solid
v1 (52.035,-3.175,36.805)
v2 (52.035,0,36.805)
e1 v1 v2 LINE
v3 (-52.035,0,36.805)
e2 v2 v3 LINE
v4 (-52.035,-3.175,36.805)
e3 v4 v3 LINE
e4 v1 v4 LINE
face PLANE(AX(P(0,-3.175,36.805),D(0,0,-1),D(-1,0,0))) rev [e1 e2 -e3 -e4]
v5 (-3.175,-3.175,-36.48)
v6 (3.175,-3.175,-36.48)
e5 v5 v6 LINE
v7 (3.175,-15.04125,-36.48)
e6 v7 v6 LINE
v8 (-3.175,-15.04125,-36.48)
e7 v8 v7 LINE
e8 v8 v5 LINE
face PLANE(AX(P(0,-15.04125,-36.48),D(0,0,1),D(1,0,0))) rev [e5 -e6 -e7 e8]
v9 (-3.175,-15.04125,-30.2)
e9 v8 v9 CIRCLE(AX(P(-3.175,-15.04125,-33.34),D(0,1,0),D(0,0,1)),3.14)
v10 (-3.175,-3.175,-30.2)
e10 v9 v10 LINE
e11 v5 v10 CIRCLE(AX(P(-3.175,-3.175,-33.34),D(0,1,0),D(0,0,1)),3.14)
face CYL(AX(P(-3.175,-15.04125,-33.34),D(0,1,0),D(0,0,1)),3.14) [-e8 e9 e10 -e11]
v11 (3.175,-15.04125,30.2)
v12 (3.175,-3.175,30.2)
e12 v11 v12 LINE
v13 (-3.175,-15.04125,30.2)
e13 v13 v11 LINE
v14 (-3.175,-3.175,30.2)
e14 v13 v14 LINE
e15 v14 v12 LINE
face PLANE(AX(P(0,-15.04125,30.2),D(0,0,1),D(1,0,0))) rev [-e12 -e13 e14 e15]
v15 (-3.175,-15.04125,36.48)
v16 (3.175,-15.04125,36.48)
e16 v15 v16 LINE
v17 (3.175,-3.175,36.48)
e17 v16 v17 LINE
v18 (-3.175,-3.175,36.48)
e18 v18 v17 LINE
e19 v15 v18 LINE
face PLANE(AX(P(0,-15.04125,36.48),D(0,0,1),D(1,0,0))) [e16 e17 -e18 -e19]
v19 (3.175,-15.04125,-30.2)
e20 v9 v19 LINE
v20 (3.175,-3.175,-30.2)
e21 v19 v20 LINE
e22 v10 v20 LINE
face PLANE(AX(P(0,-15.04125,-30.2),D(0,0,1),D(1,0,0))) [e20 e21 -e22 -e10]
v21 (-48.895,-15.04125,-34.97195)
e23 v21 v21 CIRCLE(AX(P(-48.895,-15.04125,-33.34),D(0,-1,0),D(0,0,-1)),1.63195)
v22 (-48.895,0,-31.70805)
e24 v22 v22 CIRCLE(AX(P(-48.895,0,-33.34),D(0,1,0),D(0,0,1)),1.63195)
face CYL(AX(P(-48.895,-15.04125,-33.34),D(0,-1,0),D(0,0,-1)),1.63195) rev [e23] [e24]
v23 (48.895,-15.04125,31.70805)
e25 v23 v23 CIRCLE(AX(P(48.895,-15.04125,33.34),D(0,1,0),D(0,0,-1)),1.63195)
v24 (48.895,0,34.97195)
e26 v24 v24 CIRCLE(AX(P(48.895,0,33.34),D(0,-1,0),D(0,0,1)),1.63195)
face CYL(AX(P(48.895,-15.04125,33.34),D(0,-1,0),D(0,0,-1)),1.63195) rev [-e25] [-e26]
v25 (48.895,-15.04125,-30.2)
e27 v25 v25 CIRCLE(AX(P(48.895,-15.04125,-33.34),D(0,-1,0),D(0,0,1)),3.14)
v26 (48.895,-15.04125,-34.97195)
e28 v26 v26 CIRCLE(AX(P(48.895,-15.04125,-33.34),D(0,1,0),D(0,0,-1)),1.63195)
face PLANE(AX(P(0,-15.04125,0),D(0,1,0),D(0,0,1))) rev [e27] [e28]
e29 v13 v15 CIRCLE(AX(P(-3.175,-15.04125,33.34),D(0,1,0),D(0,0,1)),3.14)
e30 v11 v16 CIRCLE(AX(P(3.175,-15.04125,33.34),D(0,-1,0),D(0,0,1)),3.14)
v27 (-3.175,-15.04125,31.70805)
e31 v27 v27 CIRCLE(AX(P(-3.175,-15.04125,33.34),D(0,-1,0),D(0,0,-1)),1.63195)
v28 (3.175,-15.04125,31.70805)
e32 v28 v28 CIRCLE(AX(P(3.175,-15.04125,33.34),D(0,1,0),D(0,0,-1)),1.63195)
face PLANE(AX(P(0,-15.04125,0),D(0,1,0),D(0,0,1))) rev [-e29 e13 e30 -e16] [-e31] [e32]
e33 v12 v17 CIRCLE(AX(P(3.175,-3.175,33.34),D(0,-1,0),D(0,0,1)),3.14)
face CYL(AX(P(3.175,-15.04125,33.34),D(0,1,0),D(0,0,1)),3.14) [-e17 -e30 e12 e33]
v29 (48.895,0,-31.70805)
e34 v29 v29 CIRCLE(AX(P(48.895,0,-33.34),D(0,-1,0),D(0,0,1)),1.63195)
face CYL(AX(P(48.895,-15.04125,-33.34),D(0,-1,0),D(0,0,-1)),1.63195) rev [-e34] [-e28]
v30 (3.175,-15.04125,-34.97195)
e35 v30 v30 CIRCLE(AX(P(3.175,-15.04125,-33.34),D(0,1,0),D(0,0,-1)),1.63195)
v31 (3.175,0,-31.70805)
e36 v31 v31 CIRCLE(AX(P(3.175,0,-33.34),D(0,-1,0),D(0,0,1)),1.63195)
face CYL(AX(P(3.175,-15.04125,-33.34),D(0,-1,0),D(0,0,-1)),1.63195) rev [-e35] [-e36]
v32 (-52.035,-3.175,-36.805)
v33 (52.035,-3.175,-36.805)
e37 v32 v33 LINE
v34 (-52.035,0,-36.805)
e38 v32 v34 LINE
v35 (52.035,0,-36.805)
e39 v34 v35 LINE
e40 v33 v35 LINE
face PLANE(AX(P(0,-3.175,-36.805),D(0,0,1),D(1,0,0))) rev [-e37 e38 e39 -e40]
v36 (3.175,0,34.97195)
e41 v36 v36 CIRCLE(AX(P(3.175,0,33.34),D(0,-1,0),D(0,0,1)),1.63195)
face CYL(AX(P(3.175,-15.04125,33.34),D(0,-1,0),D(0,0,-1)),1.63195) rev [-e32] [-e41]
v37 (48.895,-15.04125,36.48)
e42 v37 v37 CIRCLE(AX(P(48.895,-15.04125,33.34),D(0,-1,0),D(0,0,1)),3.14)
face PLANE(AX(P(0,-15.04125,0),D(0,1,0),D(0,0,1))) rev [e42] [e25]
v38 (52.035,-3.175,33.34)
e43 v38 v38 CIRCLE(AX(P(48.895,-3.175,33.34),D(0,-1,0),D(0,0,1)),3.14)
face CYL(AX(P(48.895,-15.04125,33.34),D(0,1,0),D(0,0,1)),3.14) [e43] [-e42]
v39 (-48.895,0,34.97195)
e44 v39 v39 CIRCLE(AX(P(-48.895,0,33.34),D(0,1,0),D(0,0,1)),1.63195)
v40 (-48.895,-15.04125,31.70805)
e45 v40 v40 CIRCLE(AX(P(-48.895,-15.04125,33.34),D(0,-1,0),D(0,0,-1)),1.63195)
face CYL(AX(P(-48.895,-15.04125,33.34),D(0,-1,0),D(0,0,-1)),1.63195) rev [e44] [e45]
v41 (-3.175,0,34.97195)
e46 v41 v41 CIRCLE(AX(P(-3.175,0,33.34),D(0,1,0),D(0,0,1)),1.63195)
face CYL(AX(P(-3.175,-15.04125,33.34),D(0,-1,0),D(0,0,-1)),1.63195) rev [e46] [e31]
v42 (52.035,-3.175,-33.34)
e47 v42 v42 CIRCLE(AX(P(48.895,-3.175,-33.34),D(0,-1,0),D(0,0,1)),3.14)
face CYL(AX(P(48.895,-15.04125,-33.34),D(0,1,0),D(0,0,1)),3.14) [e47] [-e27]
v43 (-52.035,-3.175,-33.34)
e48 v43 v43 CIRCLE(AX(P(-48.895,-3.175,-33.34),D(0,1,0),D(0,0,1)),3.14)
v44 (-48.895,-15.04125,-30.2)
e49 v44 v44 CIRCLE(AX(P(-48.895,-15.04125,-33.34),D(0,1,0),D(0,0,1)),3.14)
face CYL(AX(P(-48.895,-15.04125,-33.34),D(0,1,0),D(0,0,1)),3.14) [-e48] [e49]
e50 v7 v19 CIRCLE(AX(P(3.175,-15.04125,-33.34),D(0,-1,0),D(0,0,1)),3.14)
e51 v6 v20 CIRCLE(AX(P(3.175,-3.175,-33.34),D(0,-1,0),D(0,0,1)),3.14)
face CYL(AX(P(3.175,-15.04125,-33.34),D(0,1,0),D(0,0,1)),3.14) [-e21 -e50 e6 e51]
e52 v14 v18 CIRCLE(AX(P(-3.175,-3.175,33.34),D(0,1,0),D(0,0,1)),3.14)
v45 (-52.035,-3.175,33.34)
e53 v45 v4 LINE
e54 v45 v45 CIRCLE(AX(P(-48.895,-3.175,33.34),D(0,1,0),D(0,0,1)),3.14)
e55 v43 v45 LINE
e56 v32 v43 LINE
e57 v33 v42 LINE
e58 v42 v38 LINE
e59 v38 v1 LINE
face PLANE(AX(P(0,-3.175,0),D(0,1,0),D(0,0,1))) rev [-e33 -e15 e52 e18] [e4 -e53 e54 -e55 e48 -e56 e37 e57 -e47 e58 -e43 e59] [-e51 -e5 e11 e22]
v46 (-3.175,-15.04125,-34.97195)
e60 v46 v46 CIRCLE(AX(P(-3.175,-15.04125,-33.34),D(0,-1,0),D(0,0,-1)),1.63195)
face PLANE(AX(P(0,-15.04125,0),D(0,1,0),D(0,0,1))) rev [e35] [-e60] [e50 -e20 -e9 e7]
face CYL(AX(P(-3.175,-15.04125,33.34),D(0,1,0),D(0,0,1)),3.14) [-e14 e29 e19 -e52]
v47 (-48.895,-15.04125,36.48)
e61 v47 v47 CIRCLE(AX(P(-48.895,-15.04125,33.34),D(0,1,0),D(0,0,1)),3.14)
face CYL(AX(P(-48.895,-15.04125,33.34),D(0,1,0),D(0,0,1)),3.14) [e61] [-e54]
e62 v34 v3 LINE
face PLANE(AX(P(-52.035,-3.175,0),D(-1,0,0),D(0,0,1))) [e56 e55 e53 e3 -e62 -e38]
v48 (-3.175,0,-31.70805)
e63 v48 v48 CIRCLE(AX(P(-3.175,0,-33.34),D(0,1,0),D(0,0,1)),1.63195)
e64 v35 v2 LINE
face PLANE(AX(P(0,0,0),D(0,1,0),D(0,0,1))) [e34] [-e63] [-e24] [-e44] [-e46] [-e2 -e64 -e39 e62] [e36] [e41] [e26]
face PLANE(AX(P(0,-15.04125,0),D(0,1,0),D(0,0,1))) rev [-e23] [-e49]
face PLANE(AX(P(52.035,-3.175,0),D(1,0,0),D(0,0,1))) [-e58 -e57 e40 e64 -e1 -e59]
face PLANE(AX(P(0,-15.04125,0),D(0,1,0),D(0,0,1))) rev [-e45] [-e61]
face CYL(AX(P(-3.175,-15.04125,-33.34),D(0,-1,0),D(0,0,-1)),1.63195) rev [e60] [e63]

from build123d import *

# Parameters (mm, degrees)
BOSS_EXTRUDE1_DEPTH       = 3.175
SKETCH2_R                 = 3.14
BOSS_EXTRUDE2_DEPTH       = 15.04125
F_4_CLEARANCE_HOLE1_D     = 3.2639
F_4_CLEARANCE_HOLE1_DEPTH = 25.4
F_4_CLEARANCE_HOLE1_TIP   = 0.980574487


with BuildPart() as part:
    # Sketch1 → Boss-Extrude1 (new body)
    with BuildSketch(Plane(origin=(0, 0, 0), x_dir=(1, 0, 0), z_dir=(0, 1, 0))):
        Polygon((0, 36.805), (-0.035, 36.805), (-52.035, 36.805), (-52.035, -36.805), (-0.035, -36.805), (0, -36.805), align=None)
    extrude(amount=-BOSS_EXTRUDE1_DEPTH)

    # Sketch2 → Boss-Extrude2 (add)
    with BuildSketch(Plane(origin=(0, 0, 0), x_dir=(1, 0, 0), z_dir=(0, 1, 0))):
        with BuildLine():
            Line((-3.175, 30.2), (0, 30.2))
            Line((0, 30.2), (0, 36.48))
            Line((0, 36.48), (-3.175, 36.48))
            ThreePointArc((-3.175, 36.48), (-6.315, 33.34), (-3.175, 30.2))
        make_face()
        with BuildLine():
            Line((-3.175, -36.48), (0, -36.48))
            Line((0, -36.48), (0, -30.2))
            Line((0, -30.2), (-3.175, -30.2))
            ThreePointArc((-3.175, -30.2), (-6.315, -33.34), (-3.175, -36.48))
        make_face()
        with Locations(Location((-48.895, 33.34, 0), (0, 0, 270))):
            Circle(SKETCH2_R)
        with Locations(Location((-48.895, -33.34, 0), (0, 0, 270))):
            Circle(SKETCH2_R)
    extrude(amount=-BOSS_EXTRUDE2_DEPTH)

    # #4 Clearance Hole1
    with Locations(Plane(origin=(0, -15.04125, 0), x_dir=(-1, 0, 0), z_dir=(0, -1, 0))):
        with Locations((48.895, 33.34), (3.175, 33.34), (3.175, -33.34), (48.895, -33.34)):
            Hole(F_4_CLEARANCE_HOLE1_D / 2, depth=F_4_CLEARANCE_HOLE1_DEPTH)
            with Locations((0, 0, -(F_4_CLEARANCE_HOLE1_DEPTH + F_4_CLEARANCE_HOLE1_TIP / 2))):  # 118° drill point
                Cone(0, F_4_CLEARANCE_HOLE1_D / 2, F_4_CLEARANCE_HOLE1_TIP, mode=Mode.SUBTRACT)

    # Mirror1: part across plane


with BuildPart() as part_1:
    add(part.part)
    add(part.part.mirror(Plane(origin=(0, -3.175, 0), x_dir=(0, 0, 1), z_dir=(-1, 0, 0))))


solid = part_1.part
